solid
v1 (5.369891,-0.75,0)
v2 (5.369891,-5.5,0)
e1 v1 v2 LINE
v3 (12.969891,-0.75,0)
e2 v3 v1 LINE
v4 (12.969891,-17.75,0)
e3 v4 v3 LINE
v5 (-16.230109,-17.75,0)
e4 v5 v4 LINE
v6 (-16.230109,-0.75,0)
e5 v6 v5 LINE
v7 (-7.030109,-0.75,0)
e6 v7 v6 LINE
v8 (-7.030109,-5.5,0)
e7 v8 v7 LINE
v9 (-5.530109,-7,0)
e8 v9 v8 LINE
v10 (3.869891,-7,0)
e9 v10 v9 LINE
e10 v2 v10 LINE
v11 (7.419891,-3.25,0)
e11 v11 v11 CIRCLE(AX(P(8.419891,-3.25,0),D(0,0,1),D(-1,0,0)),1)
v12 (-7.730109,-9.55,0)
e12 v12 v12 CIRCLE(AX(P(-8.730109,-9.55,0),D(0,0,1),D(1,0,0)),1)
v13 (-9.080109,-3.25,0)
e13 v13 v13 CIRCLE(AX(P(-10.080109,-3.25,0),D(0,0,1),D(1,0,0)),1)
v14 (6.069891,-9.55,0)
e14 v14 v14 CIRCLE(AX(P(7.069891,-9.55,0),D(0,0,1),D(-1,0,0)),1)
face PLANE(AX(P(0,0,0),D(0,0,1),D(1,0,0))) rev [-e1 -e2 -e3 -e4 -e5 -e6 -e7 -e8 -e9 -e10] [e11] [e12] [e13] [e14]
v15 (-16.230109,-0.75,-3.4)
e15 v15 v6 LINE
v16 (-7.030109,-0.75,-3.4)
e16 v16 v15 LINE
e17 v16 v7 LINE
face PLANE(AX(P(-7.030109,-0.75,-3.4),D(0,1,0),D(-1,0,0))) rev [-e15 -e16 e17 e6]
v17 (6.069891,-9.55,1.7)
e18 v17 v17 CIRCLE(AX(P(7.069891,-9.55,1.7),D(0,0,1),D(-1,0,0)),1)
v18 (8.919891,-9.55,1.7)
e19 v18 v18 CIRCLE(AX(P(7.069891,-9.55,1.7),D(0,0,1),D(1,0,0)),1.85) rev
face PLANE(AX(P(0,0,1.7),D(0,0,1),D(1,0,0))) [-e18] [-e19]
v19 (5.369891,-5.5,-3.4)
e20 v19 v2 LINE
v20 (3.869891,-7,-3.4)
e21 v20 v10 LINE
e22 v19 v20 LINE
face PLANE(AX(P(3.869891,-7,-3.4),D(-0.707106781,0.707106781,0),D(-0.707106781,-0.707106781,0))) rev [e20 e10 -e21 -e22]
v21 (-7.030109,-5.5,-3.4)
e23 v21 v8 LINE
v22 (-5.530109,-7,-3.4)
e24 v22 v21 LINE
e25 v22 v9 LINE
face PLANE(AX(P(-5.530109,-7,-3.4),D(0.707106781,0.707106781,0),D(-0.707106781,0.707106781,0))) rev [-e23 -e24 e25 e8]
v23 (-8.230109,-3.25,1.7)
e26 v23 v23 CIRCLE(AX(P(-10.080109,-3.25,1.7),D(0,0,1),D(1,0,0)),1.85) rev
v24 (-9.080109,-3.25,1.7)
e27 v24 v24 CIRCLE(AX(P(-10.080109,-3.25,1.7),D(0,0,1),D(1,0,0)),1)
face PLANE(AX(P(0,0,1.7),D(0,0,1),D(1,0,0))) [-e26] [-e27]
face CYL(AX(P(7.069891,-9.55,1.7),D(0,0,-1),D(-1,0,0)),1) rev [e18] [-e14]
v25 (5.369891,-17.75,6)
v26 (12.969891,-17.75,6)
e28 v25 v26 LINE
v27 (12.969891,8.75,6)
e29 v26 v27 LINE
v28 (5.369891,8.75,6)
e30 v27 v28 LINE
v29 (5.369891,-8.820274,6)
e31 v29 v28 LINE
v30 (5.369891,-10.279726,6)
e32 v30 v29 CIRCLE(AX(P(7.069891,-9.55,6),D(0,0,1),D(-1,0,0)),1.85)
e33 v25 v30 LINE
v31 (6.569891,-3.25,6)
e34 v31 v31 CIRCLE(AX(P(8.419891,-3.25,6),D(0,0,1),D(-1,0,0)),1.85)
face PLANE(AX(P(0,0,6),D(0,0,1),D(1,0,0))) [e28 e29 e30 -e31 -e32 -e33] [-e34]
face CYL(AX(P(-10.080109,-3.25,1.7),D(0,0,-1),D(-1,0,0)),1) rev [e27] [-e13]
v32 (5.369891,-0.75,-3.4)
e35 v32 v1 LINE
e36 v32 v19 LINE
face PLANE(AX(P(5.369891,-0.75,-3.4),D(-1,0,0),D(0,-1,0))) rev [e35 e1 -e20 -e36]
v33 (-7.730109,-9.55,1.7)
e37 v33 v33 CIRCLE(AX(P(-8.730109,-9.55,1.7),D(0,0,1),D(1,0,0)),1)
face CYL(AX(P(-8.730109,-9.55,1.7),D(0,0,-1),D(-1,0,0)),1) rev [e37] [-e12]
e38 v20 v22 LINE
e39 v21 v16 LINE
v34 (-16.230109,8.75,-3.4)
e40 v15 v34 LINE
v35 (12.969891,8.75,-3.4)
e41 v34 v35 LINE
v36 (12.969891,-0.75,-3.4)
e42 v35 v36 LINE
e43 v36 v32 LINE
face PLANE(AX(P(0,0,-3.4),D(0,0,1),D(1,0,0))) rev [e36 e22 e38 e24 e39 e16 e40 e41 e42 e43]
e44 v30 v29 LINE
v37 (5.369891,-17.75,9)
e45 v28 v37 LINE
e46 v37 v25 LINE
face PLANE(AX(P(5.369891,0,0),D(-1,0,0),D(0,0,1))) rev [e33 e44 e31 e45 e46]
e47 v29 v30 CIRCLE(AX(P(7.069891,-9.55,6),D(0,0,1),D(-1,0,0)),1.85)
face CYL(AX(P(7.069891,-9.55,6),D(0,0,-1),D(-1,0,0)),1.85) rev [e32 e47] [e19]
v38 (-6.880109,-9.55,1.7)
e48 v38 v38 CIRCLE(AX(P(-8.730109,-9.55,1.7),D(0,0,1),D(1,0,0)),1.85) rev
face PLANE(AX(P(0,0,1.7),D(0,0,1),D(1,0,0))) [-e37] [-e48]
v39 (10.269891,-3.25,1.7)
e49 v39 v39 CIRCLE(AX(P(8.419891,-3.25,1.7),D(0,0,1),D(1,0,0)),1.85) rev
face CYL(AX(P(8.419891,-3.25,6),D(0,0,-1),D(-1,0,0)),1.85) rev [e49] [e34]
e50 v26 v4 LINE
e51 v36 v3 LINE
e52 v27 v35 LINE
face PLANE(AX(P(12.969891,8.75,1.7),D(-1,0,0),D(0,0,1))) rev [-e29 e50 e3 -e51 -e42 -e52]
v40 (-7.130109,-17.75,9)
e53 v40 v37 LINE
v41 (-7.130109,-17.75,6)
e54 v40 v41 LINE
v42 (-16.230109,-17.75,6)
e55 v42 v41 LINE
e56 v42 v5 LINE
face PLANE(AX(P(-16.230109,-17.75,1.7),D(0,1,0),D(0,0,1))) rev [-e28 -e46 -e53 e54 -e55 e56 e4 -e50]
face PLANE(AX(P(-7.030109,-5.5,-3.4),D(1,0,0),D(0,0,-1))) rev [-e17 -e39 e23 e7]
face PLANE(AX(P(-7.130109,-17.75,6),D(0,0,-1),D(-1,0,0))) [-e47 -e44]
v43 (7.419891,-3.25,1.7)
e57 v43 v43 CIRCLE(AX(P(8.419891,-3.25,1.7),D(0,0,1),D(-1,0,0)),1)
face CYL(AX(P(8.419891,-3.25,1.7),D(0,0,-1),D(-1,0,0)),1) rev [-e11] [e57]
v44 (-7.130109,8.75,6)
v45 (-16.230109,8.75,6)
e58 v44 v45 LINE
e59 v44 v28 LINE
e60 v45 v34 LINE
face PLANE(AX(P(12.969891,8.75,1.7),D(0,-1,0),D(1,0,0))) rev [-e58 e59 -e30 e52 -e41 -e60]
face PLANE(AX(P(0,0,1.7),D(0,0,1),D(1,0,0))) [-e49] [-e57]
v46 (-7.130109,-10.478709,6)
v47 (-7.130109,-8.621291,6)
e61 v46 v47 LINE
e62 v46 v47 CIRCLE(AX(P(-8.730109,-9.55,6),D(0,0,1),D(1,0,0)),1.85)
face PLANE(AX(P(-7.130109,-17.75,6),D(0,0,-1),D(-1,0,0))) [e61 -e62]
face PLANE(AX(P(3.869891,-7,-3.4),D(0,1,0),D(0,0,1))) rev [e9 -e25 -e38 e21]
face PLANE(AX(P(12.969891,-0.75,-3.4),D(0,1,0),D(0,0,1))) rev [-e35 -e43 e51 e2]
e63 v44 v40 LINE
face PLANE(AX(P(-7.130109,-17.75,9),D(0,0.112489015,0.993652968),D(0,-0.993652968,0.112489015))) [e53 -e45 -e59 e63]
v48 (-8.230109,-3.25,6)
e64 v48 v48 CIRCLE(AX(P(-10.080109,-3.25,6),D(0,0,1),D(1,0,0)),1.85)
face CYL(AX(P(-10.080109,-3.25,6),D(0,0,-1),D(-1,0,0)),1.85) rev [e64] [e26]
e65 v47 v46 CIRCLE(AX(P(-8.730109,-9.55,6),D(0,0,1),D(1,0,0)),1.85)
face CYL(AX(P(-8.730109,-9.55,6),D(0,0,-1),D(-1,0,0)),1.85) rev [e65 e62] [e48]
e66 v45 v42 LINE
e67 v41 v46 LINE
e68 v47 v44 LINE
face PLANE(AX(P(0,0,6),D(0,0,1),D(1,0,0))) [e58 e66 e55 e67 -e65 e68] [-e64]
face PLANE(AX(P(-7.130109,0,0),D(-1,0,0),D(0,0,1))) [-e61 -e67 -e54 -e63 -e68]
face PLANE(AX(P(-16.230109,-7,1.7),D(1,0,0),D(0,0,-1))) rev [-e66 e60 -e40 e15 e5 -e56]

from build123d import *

# Parameters (mm, degrees)
SKETCH1_R           = 1
BOSS_EXTRUDE2_DEPTH = 1.7
SKETCH2_R           = 1.85
BOSS_EXTRUDE3_DEPTH = 4.3
BOSS_EXTRUDE4_DEPTH = 3.4
BOSS_EXTRUDE5_DEPTH = 12.5


with BuildPart() as part:
    # Sketch1 → Boss-Extrude2 (new body)
    with BuildSketch(Plane.XY):
        Polygon((-16.230109425, 8.75), (-16.230109425, -1.75), (-16.230109425, -7), (-16.230109425, -17.75), (12.969890575, -17.75), (12.969890575, -7), (12.969890575, -1.75), (12.969890575, 8.75), align=None)
        with Locations((-10.080109425, -3.25)):
            Circle(SKETCH1_R, mode=Mode.SUBTRACT)
        with Locations((8.419890575, -3.25)):
            Circle(SKETCH1_R, mode=Mode.SUBTRACT)
        with Locations((-8.730109425, -9.55)):
            Circle(SKETCH1_R, mode=Mode.SUBTRACT)
        with Locations((7.069890575, -9.55)):
            Circle(SKETCH1_R, mode=Mode.SUBTRACT)
    extrude(amount=BOSS_EXTRUDE2_DEPTH)

    # Sketch2 → Boss-Extrude3 (add)
    with BuildSketch(Plane.XY.offset(1.7)):
        Polygon((-16.230109425, 8.75), (-16.230109425, -1.75), (-16.230109425, -7), (-16.230109425, -17.75), (12.969890575, -17.75), (12.969890575, -7), (12.969890575, -1.75), (12.969890575, 8.75), align=None)
        with Locations((-10.080109425, -3.25)):
            Circle(SKETCH2_R, mode=Mode.SUBTRACT)
        with Locations((8.419890575, -3.25)):
            Circle(SKETCH2_R, mode=Mode.SUBTRACT)
        with Locations((-8.730109425, -9.55)):
            Circle(SKETCH2_R, mode=Mode.SUBTRACT)
        with Locations((7.069890575, -9.55)):
            Circle(SKETCH2_R, mode=Mode.SUBTRACT)
    extrude(amount=BOSS_EXTRUDE3_DEPTH)

    # Sketch3 → Boss-Extrude4 (add)
    with BuildSketch(Plane(origin=(0, 0, 0), x_dir=(-1, 0, 0), z_dir=(0, 0, -1))):
        Polygon((-3.869890575, -7), (5.530109425, -7), (7.030109425, -5.5), (7.030109425, -0.75), (16.230109425, -0.75), (16.230109425, 8.75), (-12.969890575, 8.75), (-12.969890575, -0.75), (-5.369890575, -0.75), (-5.369890575, -5.5), align=None)
    extrude(amount=BOSS_EXTRUDE4_DEPTH)

    # Sketch4 → Boss-Extrude5 (add)
    with BuildSketch(Plane(origin=(5.369890575, 0, 0), x_dir=(0, 0, -1), z_dir=(1, 0, 0))):
        Polygon((-6, -17.75), (-6, 8.75), (-9, -17.75), align=None)
    extrude(amount=-BOSS_EXTRUDE5_DEPTH)


solid = part.part
